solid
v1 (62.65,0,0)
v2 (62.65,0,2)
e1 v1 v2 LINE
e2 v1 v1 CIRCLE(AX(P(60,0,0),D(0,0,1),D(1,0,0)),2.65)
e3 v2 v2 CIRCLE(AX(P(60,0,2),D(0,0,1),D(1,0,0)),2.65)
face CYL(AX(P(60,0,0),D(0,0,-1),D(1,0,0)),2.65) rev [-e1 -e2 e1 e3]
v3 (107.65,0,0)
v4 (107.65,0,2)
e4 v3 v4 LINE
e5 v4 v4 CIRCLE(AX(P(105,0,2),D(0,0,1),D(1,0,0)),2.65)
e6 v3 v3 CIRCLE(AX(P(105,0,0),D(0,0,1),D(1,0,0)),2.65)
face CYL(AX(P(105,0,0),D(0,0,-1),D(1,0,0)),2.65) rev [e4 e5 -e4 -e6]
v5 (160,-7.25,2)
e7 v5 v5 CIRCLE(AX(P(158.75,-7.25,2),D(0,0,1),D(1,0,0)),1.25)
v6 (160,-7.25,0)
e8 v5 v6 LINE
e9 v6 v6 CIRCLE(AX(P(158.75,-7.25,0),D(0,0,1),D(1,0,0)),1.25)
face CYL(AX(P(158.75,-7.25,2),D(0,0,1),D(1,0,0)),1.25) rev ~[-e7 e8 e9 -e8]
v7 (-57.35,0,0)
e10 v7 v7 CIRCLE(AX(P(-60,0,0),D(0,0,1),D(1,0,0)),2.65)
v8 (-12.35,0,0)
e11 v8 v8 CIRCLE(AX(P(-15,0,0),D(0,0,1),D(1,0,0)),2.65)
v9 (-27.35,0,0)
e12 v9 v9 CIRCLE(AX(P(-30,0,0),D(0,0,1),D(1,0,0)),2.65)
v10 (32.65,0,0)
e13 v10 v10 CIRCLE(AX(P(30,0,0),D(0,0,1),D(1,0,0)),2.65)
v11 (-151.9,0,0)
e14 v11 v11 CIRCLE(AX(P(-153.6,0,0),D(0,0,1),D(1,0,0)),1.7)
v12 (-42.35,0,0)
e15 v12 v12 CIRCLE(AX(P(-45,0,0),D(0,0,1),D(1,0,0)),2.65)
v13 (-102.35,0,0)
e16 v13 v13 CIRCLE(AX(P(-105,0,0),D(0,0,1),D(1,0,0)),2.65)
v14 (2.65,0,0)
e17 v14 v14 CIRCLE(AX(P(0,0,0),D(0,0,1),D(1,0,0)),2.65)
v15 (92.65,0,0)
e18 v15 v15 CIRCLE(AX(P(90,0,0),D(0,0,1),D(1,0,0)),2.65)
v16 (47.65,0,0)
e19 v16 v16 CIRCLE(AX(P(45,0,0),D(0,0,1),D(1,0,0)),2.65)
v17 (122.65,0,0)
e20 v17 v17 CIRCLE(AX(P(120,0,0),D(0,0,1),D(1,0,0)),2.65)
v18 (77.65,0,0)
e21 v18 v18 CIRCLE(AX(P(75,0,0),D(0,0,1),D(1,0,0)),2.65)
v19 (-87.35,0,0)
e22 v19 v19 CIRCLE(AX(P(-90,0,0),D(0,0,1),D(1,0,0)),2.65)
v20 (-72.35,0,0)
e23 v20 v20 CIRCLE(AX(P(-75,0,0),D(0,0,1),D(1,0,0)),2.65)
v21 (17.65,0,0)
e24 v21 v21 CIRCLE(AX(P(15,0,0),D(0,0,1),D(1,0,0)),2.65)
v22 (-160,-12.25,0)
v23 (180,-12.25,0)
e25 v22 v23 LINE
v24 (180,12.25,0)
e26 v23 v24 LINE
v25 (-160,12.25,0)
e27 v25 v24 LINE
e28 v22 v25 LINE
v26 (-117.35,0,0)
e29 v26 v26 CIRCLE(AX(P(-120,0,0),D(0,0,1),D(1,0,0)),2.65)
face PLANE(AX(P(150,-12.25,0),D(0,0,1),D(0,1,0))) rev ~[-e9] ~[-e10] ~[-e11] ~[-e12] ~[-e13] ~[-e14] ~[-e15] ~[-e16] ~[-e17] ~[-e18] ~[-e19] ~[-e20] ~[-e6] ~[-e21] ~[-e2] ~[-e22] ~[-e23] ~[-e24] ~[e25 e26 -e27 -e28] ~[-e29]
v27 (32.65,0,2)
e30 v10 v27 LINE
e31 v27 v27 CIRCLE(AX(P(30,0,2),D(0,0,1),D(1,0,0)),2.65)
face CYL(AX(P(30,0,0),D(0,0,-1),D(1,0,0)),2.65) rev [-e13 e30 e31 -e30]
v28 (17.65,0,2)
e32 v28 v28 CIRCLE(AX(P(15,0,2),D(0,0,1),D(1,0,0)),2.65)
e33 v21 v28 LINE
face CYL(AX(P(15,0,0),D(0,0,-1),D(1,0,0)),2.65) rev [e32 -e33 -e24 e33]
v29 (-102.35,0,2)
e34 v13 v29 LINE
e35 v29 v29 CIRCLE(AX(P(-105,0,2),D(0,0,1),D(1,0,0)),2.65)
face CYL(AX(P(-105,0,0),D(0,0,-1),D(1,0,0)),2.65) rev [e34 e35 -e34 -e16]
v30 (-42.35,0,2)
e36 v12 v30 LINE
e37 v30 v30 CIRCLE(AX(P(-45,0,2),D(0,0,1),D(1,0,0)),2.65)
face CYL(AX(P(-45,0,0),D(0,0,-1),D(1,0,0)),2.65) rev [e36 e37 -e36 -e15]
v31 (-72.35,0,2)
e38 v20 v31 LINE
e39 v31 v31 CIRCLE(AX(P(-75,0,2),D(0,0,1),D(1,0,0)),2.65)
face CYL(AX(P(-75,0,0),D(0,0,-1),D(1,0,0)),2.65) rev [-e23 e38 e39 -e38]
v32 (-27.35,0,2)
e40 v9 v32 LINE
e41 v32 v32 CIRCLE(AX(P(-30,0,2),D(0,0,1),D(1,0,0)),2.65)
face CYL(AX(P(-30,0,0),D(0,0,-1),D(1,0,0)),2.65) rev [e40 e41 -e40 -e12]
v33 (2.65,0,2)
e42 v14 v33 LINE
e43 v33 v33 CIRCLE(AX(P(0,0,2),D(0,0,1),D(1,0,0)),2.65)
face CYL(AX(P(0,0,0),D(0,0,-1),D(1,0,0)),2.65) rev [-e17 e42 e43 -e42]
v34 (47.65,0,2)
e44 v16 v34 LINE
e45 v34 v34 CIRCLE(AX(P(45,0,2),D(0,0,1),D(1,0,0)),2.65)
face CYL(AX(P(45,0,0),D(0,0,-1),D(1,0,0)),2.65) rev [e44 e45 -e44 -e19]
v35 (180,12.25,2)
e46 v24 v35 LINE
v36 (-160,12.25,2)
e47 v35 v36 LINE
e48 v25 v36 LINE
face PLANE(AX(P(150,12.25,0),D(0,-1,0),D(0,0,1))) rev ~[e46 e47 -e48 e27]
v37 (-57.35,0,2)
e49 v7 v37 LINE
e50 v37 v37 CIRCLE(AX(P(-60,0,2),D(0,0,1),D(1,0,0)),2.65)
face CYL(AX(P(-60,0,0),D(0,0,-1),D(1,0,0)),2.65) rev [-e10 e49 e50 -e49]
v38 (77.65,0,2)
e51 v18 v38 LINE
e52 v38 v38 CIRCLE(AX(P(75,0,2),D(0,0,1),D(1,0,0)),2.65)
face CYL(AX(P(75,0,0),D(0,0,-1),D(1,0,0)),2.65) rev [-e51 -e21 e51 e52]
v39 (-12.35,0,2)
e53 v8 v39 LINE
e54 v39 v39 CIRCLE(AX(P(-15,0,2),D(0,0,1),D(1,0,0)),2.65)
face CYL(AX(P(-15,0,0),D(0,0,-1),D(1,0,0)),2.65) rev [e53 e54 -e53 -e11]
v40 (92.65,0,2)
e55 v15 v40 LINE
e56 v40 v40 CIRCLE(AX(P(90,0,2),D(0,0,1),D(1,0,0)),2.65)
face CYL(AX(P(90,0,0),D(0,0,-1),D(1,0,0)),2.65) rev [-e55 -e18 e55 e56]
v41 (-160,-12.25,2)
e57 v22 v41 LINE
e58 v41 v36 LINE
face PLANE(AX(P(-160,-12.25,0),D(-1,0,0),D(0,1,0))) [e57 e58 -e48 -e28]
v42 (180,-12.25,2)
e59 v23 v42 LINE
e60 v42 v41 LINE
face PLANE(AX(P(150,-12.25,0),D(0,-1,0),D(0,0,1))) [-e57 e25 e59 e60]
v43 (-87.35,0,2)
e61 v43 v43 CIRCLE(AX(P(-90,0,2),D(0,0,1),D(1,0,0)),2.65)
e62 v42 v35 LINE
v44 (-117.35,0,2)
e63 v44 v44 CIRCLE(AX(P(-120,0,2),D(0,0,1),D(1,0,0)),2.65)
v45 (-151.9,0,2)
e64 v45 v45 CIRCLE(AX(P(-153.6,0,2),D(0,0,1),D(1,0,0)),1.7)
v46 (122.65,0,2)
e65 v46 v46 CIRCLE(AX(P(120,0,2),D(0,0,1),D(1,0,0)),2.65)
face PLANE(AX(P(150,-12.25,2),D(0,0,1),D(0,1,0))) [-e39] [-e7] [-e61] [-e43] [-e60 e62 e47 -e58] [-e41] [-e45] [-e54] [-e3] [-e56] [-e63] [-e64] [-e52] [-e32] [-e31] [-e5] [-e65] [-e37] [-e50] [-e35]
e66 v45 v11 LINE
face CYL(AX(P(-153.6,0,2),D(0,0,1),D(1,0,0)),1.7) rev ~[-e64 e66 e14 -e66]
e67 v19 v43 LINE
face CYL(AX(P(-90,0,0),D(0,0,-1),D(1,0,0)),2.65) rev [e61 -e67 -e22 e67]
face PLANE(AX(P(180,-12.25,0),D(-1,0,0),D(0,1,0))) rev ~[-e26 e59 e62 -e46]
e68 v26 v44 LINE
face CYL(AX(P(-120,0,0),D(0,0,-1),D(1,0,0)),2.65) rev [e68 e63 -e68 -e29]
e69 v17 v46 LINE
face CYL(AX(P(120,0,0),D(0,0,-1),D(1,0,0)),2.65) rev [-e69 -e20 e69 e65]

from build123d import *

# Parameters (mm, degrees)
F0_W     = 300
F0_H     = 24.5
F0_R     = 2.65
F1_DEPTH = 2
F2_DEPTH = 10
F3_DEPTH = 30
F4_R     = 1.7
F5_DEPTH = 2
F6_R     = 1.25
F7_DEPTH = 2


with BuildPart() as f1:
    # F0 (on Top) → F1 (new body)
    with BuildSketch(Plane.XY):
        Rectangle(F0_W, F0_H)
        with Locations((-120, 0)):
            Circle(F0_R, mode=Mode.SUBTRACT)
        with Locations((-105, 0)):
            Circle(F0_R, mode=Mode.SUBTRACT)
        with Locations((-90, 0)):
            Circle(F0_R, mode=Mode.SUBTRACT)
        with Locations((-75, 0)):
            Circle(F0_R, mode=Mode.SUBTRACT)
        with Locations((-60, 0)):
            Circle(F0_R, mode=Mode.SUBTRACT)
        with Locations((-45, 0)):
            Circle(F0_R, mode=Mode.SUBTRACT)
        with Locations((-30, 0)):
            Circle(F0_R, mode=Mode.SUBTRACT)
        with Locations((-15, 0)):
            Circle(F0_R, mode=Mode.SUBTRACT)
        Circle(F0_R, mode=Mode.SUBTRACT)
        with Locations((15, 0)):
            Circle(F0_R, mode=Mode.SUBTRACT)
        with Locations((30, 0)):
            Circle(F0_R, mode=Mode.SUBTRACT)
        with Locations((45, 0)):
            Circle(F0_R, mode=Mode.SUBTRACT)
        with Locations((60, 0)):
            Circle(F0_R, mode=Mode.SUBTRACT)
        with Locations((75, 0)):
            Circle(F0_R, mode=Mode.SUBTRACT)
        with Locations((90, 0)):
            Circle(F0_R, mode=Mode.SUBTRACT)
        with Locations((105, 0)):
            Circle(F0_R, mode=Mode.SUBTRACT)
        with Locations((120, 0)):
            Circle(F0_R, mode=Mode.SUBTRACT)
    extrude(amount=F1_DEPTH)

    # F2 (add): a face of the model
    f2_faces = [f1.faces().sort_by_distance(p)[0] for p in [
        (-150, 0, 1),
    ]]
    extrude(f2_faces, amount=F2_DEPTH)

    # F3 (add): a face of the model
    f3_faces = [f1.faces().sort_by_distance(p)[0] for p in [
        (150, 0, 1),
    ]]
    extrude(f3_faces, amount=F3_DEPTH)

    # F4 (on face) → F5 (cut, through all)
    with BuildSketch(Plane.XY.offset(2)):
        with Locations((-153.6, 0)):
            Circle(F4_R)
    extrude(amount=-F5_DEPTH, mode=Mode.SUBTRACT)

    # F6 (on face) → F7 (cut, through all)
    with BuildSketch(Plane.XY.offset(2)):
        with Locations((158.75, -7.25)):
            Circle(F6_R)
    extrude(amount=-F7_DEPTH, mode=Mode.SUBTRACT)


solid = f1.part
